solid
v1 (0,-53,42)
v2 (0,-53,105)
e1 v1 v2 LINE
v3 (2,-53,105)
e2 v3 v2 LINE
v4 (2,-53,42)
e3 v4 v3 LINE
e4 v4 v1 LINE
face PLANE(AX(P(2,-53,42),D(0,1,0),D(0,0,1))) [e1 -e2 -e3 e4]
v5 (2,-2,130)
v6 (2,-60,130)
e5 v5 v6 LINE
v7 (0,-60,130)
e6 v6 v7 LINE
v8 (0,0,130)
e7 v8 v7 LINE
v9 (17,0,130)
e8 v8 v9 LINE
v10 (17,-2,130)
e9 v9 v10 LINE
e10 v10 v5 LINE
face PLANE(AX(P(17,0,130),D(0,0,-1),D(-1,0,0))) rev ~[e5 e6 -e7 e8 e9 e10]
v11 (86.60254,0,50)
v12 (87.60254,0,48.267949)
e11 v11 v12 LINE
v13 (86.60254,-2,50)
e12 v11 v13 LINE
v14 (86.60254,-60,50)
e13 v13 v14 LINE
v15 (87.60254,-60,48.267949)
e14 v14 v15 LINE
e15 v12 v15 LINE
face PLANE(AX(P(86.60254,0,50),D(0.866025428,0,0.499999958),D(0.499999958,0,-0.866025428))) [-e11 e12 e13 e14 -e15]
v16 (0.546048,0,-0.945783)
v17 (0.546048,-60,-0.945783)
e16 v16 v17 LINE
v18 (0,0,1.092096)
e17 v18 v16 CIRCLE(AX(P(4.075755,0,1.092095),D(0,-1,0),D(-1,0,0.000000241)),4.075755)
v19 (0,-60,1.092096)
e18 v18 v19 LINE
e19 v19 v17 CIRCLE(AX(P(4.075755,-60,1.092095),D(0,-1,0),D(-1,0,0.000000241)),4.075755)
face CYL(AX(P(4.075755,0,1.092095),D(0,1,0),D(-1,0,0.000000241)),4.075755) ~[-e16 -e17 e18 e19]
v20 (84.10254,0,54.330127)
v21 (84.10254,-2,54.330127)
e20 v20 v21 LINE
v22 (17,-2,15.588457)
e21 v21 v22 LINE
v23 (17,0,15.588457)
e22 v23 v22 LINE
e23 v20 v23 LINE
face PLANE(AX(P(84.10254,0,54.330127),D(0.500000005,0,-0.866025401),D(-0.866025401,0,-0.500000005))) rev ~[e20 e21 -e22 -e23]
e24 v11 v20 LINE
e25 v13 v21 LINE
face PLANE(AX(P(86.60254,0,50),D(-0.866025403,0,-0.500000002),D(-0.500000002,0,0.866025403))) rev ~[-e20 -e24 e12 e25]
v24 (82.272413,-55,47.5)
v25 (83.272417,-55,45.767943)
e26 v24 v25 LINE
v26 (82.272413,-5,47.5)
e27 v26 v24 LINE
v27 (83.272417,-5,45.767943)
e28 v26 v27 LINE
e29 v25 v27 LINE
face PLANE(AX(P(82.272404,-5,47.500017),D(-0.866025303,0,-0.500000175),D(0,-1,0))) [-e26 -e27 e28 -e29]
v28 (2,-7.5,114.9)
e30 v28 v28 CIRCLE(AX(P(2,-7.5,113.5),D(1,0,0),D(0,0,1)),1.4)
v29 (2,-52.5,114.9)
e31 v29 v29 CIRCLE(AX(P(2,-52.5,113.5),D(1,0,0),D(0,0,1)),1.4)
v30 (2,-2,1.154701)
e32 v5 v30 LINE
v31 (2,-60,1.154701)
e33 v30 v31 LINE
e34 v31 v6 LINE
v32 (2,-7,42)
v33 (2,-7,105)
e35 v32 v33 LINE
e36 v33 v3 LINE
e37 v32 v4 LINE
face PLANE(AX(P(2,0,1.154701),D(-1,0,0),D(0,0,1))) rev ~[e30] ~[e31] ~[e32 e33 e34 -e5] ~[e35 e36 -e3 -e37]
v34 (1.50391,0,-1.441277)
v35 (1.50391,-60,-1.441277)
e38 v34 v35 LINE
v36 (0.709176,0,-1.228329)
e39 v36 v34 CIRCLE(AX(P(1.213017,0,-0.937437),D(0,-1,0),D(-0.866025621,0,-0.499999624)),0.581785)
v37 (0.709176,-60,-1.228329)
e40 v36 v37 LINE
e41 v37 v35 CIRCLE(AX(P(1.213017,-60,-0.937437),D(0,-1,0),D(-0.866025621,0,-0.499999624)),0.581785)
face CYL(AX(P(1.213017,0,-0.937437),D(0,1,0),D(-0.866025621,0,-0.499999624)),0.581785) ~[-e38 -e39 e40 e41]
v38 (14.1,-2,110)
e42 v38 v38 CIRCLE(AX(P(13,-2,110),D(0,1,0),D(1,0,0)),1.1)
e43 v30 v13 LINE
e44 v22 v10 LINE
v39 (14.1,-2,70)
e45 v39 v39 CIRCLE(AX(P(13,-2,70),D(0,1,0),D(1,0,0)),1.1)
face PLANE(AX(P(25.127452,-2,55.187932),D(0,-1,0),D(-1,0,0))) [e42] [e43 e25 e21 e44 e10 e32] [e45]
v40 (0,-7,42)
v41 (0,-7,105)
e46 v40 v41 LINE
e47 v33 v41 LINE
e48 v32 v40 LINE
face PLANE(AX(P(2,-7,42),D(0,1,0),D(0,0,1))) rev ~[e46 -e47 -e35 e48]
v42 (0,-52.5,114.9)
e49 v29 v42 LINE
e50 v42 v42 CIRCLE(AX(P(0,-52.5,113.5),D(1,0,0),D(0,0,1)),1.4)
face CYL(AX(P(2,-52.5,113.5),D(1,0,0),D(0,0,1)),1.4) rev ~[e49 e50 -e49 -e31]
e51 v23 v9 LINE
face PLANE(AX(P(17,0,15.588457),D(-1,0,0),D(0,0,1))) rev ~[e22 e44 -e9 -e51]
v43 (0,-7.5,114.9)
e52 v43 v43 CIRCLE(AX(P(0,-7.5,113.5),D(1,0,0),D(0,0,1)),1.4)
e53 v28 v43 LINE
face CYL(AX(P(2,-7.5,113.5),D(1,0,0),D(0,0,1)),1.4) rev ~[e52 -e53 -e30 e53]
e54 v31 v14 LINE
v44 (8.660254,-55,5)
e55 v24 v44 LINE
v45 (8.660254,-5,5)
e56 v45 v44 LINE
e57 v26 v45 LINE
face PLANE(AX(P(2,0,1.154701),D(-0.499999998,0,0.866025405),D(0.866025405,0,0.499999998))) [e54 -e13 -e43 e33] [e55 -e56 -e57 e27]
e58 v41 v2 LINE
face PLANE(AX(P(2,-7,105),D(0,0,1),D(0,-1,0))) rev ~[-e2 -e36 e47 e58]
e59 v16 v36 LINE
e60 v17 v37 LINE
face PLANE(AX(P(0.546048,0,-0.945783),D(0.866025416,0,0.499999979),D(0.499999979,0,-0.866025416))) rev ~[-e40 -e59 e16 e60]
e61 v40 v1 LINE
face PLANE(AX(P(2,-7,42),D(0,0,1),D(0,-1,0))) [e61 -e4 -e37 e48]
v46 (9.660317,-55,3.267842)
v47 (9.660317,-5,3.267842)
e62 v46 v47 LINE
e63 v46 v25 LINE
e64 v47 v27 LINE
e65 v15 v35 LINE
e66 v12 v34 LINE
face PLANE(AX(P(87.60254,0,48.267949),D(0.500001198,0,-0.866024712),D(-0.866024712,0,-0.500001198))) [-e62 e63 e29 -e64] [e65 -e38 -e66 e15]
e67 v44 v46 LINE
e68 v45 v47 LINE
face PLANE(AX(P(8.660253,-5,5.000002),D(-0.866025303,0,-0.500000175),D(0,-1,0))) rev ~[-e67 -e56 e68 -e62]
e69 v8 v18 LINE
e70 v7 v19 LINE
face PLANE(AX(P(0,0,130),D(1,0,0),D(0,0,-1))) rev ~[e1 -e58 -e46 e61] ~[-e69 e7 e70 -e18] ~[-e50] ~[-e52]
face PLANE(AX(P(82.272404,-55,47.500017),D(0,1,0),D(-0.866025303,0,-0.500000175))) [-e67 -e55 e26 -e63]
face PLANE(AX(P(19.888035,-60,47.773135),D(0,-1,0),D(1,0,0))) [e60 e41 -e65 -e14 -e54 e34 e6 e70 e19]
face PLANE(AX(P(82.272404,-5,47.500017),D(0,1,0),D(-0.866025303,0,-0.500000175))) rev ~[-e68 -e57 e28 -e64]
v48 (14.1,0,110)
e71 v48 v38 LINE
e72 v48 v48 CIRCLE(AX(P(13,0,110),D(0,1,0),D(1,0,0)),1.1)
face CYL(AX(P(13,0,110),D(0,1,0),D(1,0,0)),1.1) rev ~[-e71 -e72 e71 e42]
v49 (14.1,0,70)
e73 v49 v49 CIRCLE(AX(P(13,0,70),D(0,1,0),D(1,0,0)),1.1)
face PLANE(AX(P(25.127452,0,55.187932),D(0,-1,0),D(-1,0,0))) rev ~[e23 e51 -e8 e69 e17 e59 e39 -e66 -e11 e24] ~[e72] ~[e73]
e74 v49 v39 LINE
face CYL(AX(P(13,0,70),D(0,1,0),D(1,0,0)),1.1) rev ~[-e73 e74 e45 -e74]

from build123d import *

# Parameters (mm, degrees)
PAD_DEPTH       = 60
SKETCH001_R     = 1.4
SKETCH001_W     = 63
SKETCH001_H     = 46
POCKET_DEPTH    = 2
SKETCH002_W     = 85
SKETCH002_H     = 50
POCKET001_DEPTH = 2.1
SKETCH003_R     = 1.1
PAD001_DEPTH    = 2


with BuildPart() as part:
    # Sketch → Pad (new body)
    with BuildSketch(Plane.XZ):
        with BuildLine():
            Line((2, 130), (0, 130))
            Line((0, 130), (0, 1.092096))
            ThreePointArc((0, 1.092096), (0.138878, 0.037212), (0.546048, -0.945783))
            Line((0.546048, -0.945783), (0.709176, -1.228329))
            ThreePointArc((0.709176, -1.228329), (1.06244, -1.499398), (1.50391, -1.441277))
            Line((87.60254, 48.267949), (1.50391, -1.441277))
            Line((86.60254, 50), (87.60254, 48.267949))
            Line((2, 1.154701), (86.60254, 50))
            Line((2, 1.154701), (2, 130))
        make_face()
    extrude(amount=PAD_DEPTH)

    # Sketch001 (on Face3 of Pad) → Pocket (cut)
    with BuildSketch(Plane(origin=(2, 0, 0), x_dir=(0, 0, 1), z_dir=(1, 0, 0))):
        with Locations((113.5, 52.5)):
            Circle(SKETCH001_R)
        with Locations((113.5, 7.5)):
            Circle(SKETCH001_R)
        with Locations((73.5, 30)):
            Rectangle(SKETCH001_W, SKETCH001_H)
    extrude(amount=-POCKET_DEPTH, mode=Mode.SUBTRACT)

    # Sketch002 (on Face2 of Pocket) → Pocket001 (cut)
    with BuildSketch(Plane(origin=(0, 0, 0), x_dir=(-0.866025, 0, -0.5), z_dir=(-0.5, 0, 0.866025))):
        with Locations((-52.5, 30)):
            Rectangle(SKETCH002_W, SKETCH002_H)
    extrude(amount=-POCKET001_DEPTH, mode=Mode.SUBTRACT)

    # Sketch003 (on Face4 of Pocket001) → Pad001 (join)
    with BuildSketch(Plane(origin=(0, 0, 0), x_dir=(1, 0, 0), z_dir=(0, 1, 0))):
        Polygon((2, -1.154701), (86.60254, -50), (84.10254, -54.330127), (17, -15.588457), (17, -130), (2, -130), align=None)
        with Locations((13, -110)):
            Circle(SKETCH003_R, mode=Mode.SUBTRACT)
        with Locations((13, -70)):
            Circle(SKETCH003_R, mode=Mode.SUBTRACT)
    extrude(amount=-PAD001_DEPTH)


solid = part.part
